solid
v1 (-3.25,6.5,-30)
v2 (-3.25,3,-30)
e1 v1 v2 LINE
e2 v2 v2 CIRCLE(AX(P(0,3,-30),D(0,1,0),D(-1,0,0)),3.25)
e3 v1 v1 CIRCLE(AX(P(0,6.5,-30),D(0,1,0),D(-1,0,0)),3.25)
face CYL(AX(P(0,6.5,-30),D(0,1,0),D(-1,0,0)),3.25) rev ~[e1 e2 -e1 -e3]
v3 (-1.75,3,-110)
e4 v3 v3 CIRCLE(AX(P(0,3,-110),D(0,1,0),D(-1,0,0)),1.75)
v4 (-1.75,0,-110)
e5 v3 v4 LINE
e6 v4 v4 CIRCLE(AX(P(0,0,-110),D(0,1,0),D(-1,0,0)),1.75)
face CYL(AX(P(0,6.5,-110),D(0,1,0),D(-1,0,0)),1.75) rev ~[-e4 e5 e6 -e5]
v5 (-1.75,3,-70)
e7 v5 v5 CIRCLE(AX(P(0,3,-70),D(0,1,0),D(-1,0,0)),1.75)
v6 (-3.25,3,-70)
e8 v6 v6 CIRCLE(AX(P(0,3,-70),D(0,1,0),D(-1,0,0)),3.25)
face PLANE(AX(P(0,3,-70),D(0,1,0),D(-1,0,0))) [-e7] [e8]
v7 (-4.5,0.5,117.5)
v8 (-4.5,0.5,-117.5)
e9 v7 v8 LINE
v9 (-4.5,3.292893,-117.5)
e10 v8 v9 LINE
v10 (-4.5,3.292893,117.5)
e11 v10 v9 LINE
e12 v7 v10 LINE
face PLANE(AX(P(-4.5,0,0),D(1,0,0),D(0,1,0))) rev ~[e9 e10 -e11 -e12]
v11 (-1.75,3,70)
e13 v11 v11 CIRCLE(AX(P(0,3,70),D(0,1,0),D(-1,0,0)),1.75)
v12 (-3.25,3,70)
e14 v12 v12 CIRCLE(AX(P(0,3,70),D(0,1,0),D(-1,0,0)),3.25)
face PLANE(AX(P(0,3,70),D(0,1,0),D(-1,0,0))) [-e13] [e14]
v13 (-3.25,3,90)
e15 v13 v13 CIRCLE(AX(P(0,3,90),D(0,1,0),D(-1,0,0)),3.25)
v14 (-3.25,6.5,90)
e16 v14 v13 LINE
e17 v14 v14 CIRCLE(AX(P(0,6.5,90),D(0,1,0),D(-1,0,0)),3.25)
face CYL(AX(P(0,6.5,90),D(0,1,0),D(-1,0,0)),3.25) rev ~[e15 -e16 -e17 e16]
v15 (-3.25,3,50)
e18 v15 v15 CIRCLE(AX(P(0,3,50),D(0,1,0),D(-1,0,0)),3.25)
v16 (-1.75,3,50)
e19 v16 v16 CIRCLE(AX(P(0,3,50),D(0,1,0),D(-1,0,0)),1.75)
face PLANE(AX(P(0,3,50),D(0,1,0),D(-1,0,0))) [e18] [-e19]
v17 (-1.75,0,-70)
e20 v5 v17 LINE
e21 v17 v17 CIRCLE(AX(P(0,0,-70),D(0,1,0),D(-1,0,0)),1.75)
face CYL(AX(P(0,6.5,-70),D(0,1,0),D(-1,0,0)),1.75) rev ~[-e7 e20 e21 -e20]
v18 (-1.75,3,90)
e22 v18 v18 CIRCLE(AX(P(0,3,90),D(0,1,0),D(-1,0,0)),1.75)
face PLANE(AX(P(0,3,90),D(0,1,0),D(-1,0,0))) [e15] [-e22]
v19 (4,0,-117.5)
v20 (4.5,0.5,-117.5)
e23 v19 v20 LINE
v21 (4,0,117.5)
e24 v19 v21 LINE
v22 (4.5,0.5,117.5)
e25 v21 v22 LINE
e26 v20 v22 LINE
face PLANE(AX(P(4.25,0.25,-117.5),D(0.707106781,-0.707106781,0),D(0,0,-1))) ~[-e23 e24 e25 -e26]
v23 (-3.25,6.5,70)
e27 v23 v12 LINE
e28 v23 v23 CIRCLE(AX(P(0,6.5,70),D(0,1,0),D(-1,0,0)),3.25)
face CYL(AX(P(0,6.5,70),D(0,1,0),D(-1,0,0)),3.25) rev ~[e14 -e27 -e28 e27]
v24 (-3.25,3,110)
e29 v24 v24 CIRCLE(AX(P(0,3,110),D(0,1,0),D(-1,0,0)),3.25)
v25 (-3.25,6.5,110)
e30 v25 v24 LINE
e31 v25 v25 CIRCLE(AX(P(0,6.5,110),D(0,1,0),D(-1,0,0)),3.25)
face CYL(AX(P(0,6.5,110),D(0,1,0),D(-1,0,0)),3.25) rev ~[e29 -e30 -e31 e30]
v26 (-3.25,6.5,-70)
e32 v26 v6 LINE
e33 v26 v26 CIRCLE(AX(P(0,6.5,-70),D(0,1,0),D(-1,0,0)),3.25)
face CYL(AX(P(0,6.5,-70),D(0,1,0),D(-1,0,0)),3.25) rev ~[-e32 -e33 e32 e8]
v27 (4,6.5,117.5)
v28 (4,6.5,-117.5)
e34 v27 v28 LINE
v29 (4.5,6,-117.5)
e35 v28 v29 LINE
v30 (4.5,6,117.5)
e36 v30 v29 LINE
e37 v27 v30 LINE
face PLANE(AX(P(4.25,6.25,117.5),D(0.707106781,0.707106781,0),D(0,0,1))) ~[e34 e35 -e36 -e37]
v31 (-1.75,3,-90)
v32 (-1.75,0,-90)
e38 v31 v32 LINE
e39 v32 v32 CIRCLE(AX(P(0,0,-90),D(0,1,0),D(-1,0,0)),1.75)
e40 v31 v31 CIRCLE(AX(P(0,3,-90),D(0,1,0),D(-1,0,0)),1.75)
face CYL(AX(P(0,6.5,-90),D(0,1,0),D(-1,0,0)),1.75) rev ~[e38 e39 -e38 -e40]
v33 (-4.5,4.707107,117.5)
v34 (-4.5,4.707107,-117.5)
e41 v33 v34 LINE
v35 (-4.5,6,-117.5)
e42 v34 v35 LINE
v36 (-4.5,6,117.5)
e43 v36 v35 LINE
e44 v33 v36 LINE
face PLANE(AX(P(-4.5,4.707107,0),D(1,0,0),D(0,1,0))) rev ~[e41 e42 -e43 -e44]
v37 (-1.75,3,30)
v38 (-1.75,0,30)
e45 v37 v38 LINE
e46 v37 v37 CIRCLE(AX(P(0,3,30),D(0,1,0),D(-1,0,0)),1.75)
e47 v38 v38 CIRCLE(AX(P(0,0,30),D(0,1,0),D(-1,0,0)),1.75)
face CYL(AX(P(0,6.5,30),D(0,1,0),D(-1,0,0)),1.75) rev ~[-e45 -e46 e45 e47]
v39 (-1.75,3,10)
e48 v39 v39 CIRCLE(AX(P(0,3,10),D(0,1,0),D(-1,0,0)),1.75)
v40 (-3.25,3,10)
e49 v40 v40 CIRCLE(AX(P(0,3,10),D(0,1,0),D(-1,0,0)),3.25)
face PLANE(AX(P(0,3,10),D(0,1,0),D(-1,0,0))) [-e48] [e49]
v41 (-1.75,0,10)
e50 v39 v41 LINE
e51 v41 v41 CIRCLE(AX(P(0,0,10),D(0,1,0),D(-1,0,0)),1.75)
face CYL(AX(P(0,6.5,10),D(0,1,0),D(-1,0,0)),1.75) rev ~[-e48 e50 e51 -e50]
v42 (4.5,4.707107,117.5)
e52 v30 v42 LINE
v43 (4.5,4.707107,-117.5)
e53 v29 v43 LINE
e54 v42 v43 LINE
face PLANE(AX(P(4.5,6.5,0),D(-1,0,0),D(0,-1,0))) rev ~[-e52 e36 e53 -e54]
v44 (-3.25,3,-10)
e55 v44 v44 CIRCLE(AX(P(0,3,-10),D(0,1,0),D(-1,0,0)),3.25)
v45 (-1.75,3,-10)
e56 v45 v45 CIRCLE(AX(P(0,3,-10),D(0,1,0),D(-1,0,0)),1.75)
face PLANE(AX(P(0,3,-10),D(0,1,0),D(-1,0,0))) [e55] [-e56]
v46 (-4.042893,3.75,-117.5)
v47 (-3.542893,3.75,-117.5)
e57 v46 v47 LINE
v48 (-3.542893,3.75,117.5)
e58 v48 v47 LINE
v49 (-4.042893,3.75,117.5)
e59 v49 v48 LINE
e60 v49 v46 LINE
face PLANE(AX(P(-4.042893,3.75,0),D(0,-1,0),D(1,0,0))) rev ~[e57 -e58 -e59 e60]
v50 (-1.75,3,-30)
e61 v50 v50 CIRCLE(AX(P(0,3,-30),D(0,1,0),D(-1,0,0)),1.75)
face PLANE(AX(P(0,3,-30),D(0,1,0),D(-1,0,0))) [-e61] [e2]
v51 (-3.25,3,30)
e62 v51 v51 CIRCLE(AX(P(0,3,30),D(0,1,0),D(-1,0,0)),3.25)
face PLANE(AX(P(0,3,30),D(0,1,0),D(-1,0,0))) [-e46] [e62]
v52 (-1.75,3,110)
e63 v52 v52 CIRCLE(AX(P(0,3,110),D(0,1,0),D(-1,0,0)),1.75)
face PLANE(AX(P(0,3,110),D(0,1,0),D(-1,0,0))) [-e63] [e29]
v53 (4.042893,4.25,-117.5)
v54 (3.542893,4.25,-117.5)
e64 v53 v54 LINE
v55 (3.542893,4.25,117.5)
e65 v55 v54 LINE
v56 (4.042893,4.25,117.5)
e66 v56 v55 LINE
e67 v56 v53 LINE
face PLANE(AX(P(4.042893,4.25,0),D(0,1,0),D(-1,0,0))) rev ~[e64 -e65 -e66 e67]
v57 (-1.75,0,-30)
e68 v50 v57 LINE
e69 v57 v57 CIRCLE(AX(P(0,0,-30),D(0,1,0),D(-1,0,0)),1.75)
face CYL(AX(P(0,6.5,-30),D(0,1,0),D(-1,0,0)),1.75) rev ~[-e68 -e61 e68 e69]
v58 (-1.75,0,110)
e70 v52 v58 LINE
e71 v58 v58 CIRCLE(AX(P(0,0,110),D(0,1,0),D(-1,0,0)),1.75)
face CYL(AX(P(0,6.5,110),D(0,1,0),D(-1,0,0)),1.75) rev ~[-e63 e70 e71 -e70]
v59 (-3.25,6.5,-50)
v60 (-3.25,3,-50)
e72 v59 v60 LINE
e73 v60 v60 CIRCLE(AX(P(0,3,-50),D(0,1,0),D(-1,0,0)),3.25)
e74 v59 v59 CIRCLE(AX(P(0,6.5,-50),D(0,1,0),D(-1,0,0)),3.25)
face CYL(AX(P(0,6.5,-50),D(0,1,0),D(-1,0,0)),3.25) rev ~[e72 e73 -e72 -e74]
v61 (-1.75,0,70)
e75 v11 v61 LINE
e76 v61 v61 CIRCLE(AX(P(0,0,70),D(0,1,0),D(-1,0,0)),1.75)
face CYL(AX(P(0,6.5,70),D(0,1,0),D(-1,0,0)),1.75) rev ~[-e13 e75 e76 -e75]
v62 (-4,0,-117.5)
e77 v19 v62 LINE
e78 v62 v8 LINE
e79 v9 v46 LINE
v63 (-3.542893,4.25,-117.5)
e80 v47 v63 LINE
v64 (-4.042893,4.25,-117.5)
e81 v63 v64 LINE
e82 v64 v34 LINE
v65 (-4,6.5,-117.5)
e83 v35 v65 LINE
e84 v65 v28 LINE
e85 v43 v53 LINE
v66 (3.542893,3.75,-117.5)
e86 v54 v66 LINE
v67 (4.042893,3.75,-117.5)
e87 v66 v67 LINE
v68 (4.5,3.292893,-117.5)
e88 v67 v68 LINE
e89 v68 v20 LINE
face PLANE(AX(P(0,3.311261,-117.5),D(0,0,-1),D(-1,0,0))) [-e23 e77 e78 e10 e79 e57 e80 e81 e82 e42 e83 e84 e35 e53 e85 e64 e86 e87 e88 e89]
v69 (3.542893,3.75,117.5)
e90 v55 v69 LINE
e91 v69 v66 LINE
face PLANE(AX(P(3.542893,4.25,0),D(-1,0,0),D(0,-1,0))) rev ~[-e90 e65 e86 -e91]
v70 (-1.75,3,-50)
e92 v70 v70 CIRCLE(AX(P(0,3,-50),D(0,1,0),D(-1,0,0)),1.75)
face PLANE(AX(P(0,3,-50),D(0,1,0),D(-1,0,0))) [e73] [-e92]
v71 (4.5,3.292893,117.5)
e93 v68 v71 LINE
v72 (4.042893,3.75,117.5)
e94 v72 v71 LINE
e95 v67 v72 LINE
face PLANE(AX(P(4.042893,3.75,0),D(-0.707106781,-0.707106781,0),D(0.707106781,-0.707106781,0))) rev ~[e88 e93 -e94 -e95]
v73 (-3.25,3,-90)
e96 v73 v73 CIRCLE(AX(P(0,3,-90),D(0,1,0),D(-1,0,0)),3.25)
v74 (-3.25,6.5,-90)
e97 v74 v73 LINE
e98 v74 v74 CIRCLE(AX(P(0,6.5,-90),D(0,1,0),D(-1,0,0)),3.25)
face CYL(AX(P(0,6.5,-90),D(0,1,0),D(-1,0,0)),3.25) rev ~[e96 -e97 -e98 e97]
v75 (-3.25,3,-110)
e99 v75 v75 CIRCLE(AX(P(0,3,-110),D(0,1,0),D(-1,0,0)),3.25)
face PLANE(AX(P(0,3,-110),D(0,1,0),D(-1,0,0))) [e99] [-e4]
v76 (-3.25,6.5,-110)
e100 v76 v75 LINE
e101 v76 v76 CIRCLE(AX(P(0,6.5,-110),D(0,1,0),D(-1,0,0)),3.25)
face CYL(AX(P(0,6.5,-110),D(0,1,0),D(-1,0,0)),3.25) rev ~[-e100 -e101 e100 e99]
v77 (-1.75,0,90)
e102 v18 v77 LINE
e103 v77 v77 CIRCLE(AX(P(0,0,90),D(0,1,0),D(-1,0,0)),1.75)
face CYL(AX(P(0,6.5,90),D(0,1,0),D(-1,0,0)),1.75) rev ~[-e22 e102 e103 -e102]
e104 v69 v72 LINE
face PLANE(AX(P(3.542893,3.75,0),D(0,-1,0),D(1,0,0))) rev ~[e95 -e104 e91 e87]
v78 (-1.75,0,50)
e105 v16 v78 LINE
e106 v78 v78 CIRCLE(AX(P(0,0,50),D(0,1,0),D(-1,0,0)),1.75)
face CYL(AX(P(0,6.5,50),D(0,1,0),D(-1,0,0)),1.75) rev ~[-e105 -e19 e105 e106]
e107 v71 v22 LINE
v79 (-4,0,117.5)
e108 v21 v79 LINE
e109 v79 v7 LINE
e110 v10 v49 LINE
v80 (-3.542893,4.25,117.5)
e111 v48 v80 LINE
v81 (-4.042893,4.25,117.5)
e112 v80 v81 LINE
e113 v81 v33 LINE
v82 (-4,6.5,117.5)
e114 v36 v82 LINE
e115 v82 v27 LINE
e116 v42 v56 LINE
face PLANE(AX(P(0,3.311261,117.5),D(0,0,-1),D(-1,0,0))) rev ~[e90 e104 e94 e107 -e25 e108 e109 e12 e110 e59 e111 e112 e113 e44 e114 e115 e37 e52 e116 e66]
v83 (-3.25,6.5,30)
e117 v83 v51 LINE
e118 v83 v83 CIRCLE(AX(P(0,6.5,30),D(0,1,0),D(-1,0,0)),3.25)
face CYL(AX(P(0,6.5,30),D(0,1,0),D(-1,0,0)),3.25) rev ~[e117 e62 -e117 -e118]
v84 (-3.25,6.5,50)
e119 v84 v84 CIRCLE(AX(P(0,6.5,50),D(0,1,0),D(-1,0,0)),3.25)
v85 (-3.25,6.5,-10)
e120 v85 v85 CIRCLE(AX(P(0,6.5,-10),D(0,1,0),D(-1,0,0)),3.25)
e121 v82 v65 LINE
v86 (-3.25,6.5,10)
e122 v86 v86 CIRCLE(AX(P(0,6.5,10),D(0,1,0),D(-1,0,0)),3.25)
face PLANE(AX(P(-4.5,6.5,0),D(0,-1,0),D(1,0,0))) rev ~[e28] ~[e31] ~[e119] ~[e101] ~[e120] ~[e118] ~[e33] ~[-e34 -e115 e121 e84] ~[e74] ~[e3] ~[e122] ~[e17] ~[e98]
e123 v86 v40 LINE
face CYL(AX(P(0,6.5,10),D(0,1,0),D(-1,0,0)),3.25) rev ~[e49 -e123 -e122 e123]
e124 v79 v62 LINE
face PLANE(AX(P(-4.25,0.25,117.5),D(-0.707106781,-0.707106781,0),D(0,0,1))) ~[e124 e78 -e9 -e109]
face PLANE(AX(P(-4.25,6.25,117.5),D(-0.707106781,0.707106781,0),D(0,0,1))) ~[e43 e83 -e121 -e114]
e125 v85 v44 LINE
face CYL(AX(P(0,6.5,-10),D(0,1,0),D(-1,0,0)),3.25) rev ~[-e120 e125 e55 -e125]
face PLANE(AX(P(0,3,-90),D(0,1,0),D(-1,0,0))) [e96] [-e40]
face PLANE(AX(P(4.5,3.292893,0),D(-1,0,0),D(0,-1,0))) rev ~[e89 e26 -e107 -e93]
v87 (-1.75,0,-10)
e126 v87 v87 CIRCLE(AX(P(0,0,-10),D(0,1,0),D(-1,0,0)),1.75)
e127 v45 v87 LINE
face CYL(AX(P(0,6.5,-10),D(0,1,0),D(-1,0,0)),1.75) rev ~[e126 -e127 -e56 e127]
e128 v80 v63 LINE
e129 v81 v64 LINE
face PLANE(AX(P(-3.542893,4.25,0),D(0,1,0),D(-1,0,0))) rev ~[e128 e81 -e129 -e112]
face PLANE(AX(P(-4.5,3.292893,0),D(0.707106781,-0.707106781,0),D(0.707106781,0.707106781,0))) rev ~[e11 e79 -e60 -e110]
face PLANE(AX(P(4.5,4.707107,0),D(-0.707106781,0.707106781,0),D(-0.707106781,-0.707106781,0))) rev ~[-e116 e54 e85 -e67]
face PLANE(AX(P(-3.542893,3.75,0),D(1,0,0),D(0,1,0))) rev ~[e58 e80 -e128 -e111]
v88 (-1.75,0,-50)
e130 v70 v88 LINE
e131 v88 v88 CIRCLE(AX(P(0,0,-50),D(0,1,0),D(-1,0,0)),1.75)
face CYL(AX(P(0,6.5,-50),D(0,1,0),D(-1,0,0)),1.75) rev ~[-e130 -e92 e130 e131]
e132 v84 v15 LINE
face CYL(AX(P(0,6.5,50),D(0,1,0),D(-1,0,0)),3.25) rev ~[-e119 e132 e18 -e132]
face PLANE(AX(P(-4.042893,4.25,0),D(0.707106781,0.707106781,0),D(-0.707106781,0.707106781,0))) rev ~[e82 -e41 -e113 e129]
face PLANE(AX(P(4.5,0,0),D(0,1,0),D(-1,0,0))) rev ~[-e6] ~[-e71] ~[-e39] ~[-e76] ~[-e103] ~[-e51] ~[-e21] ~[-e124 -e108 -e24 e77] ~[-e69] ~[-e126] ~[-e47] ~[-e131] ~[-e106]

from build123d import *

# Parameters (mm, degrees)
EXTRUDE_1_DEPTH        = 117.5
SKETCH_2_R             = 1.75
CUT_EXTRUDE_1_DEPTH    = 118.765657133
CHAMFER_1_SIZE         = 0.5
SKETCH_3_R             = 3.25
CUT_EXTRUDE_2_DEPTH    = 3.5
PATTERN_LINEAR_1_COUNT = 12
PATTERN_LINEAR_1_PITCH = 20


with BuildPart() as part:
    # 草图1 → 凸台-拉伸1 (new, symmetric)
    with BuildSketch(Plane.XY):
        Polygon((4.5, 0), (-4.5, 0), (-4.5, 3.292893219), (-4.042893219, 3.75), (-3.542893219, 3.75), (-3.542893219, 4.25), (-4.042893219, 4.25), (-4.5, 4.707106781), (-4.5, 6.5), (4.5, 6.5), (4.5, 4.707106781), (4.042893219, 4.25), (3.542893219, 4.25), (3.542893219, 3.75), (4.042893219, 3.75), (4.5, 3.292893219), align=None)
    extrude(amount=EXTRUDE_1_DEPTH, both=True)

    # 草图2 → 切除-拉伸1 (cut, through all)
    with BuildSketch(Plane(origin=(0, 6.5, 0), x_dir=(1, 0, 0), z_dir=(0, 1, 0))):
        with Locations(Location((0, 110, 0), (0, 0, 180))):
            Circle(SKETCH_2_R)
        with Locations(Location((0, 90, 0), (0, 0, 180))):
            Circle(SKETCH_2_R)
        with Locations(Location((0, 70, 0), (0, 0, 180))):
            Circle(SKETCH_2_R)
        with Locations(Location((0, 50, 0), (0, 0, 180))):
            Circle(SKETCH_2_R)
        with Locations(Location((0, 30, 0), (0, 0, 180))):
            Circle(SKETCH_2_R)
        with Locations(Location((0, 10, 0), (0, 0, 180))):
            Circle(SKETCH_2_R)
        with Locations(Location((0, -10, 0), (0, 0, 180))):
            Circle(SKETCH_2_R)
        with Locations(Location((0, -30, 0), (0, 0, 180))):
            Circle(SKETCH_2_R)
        with Locations(Location((0, -50, 0), (0, 0, 180))):
            Circle(SKETCH_2_R)
        with Locations(Location((0, -70, 0), (0, 0, 180))):
            Circle(SKETCH_2_R)
        with Locations(Location((0, -90, 0), (0, 0, 180))):
            Circle(SKETCH_2_R)
        with Locations(Location((0, -110, 0), (0, 0, 180))):
            Circle(SKETCH_2_R)
    extrude(amount=-CUT_EXTRUDE_1_DEPTH, mode=Mode.SUBTRACT)

    # 倒角1
    chamfer_1_edges = [part.edges().sort_by_distance(p)[0] for p in [
        (-4.5, 6.5, 0),
        (4.5, 6.5, 0),
        (4.5, 0, 0),
        (-4.5, 0, 0),
    ]]
    chamfer(chamfer_1_edges, length=CHAMFER_1_SIZE)

    # 草图3 → 切除-拉伸2 (cut)
    with BuildSketch(Plane(origin=(0, 6.5, 0), x_dir=(1, 0, 0), z_dir=(0, 1, 0))):
        with Locations(Location((0, 110, 0), (0, 0, 180))):
            Circle(SKETCH_3_R)
    cut_extrude_2 = extrude(amount=-CUT_EXTRUDE_2_DEPTH, mode=Mode.SUBTRACT)

    # 阵列(线性)1: 切除-拉伸2 ×12
    with Locations(*[(0, 0, i * PATTERN_LINEAR_1_PITCH) for i in range(1, PATTERN_LINEAR_1_COUNT)]):
        add(cut_extrude_2, mode=Mode.SUBTRACT)


solid = part.part
